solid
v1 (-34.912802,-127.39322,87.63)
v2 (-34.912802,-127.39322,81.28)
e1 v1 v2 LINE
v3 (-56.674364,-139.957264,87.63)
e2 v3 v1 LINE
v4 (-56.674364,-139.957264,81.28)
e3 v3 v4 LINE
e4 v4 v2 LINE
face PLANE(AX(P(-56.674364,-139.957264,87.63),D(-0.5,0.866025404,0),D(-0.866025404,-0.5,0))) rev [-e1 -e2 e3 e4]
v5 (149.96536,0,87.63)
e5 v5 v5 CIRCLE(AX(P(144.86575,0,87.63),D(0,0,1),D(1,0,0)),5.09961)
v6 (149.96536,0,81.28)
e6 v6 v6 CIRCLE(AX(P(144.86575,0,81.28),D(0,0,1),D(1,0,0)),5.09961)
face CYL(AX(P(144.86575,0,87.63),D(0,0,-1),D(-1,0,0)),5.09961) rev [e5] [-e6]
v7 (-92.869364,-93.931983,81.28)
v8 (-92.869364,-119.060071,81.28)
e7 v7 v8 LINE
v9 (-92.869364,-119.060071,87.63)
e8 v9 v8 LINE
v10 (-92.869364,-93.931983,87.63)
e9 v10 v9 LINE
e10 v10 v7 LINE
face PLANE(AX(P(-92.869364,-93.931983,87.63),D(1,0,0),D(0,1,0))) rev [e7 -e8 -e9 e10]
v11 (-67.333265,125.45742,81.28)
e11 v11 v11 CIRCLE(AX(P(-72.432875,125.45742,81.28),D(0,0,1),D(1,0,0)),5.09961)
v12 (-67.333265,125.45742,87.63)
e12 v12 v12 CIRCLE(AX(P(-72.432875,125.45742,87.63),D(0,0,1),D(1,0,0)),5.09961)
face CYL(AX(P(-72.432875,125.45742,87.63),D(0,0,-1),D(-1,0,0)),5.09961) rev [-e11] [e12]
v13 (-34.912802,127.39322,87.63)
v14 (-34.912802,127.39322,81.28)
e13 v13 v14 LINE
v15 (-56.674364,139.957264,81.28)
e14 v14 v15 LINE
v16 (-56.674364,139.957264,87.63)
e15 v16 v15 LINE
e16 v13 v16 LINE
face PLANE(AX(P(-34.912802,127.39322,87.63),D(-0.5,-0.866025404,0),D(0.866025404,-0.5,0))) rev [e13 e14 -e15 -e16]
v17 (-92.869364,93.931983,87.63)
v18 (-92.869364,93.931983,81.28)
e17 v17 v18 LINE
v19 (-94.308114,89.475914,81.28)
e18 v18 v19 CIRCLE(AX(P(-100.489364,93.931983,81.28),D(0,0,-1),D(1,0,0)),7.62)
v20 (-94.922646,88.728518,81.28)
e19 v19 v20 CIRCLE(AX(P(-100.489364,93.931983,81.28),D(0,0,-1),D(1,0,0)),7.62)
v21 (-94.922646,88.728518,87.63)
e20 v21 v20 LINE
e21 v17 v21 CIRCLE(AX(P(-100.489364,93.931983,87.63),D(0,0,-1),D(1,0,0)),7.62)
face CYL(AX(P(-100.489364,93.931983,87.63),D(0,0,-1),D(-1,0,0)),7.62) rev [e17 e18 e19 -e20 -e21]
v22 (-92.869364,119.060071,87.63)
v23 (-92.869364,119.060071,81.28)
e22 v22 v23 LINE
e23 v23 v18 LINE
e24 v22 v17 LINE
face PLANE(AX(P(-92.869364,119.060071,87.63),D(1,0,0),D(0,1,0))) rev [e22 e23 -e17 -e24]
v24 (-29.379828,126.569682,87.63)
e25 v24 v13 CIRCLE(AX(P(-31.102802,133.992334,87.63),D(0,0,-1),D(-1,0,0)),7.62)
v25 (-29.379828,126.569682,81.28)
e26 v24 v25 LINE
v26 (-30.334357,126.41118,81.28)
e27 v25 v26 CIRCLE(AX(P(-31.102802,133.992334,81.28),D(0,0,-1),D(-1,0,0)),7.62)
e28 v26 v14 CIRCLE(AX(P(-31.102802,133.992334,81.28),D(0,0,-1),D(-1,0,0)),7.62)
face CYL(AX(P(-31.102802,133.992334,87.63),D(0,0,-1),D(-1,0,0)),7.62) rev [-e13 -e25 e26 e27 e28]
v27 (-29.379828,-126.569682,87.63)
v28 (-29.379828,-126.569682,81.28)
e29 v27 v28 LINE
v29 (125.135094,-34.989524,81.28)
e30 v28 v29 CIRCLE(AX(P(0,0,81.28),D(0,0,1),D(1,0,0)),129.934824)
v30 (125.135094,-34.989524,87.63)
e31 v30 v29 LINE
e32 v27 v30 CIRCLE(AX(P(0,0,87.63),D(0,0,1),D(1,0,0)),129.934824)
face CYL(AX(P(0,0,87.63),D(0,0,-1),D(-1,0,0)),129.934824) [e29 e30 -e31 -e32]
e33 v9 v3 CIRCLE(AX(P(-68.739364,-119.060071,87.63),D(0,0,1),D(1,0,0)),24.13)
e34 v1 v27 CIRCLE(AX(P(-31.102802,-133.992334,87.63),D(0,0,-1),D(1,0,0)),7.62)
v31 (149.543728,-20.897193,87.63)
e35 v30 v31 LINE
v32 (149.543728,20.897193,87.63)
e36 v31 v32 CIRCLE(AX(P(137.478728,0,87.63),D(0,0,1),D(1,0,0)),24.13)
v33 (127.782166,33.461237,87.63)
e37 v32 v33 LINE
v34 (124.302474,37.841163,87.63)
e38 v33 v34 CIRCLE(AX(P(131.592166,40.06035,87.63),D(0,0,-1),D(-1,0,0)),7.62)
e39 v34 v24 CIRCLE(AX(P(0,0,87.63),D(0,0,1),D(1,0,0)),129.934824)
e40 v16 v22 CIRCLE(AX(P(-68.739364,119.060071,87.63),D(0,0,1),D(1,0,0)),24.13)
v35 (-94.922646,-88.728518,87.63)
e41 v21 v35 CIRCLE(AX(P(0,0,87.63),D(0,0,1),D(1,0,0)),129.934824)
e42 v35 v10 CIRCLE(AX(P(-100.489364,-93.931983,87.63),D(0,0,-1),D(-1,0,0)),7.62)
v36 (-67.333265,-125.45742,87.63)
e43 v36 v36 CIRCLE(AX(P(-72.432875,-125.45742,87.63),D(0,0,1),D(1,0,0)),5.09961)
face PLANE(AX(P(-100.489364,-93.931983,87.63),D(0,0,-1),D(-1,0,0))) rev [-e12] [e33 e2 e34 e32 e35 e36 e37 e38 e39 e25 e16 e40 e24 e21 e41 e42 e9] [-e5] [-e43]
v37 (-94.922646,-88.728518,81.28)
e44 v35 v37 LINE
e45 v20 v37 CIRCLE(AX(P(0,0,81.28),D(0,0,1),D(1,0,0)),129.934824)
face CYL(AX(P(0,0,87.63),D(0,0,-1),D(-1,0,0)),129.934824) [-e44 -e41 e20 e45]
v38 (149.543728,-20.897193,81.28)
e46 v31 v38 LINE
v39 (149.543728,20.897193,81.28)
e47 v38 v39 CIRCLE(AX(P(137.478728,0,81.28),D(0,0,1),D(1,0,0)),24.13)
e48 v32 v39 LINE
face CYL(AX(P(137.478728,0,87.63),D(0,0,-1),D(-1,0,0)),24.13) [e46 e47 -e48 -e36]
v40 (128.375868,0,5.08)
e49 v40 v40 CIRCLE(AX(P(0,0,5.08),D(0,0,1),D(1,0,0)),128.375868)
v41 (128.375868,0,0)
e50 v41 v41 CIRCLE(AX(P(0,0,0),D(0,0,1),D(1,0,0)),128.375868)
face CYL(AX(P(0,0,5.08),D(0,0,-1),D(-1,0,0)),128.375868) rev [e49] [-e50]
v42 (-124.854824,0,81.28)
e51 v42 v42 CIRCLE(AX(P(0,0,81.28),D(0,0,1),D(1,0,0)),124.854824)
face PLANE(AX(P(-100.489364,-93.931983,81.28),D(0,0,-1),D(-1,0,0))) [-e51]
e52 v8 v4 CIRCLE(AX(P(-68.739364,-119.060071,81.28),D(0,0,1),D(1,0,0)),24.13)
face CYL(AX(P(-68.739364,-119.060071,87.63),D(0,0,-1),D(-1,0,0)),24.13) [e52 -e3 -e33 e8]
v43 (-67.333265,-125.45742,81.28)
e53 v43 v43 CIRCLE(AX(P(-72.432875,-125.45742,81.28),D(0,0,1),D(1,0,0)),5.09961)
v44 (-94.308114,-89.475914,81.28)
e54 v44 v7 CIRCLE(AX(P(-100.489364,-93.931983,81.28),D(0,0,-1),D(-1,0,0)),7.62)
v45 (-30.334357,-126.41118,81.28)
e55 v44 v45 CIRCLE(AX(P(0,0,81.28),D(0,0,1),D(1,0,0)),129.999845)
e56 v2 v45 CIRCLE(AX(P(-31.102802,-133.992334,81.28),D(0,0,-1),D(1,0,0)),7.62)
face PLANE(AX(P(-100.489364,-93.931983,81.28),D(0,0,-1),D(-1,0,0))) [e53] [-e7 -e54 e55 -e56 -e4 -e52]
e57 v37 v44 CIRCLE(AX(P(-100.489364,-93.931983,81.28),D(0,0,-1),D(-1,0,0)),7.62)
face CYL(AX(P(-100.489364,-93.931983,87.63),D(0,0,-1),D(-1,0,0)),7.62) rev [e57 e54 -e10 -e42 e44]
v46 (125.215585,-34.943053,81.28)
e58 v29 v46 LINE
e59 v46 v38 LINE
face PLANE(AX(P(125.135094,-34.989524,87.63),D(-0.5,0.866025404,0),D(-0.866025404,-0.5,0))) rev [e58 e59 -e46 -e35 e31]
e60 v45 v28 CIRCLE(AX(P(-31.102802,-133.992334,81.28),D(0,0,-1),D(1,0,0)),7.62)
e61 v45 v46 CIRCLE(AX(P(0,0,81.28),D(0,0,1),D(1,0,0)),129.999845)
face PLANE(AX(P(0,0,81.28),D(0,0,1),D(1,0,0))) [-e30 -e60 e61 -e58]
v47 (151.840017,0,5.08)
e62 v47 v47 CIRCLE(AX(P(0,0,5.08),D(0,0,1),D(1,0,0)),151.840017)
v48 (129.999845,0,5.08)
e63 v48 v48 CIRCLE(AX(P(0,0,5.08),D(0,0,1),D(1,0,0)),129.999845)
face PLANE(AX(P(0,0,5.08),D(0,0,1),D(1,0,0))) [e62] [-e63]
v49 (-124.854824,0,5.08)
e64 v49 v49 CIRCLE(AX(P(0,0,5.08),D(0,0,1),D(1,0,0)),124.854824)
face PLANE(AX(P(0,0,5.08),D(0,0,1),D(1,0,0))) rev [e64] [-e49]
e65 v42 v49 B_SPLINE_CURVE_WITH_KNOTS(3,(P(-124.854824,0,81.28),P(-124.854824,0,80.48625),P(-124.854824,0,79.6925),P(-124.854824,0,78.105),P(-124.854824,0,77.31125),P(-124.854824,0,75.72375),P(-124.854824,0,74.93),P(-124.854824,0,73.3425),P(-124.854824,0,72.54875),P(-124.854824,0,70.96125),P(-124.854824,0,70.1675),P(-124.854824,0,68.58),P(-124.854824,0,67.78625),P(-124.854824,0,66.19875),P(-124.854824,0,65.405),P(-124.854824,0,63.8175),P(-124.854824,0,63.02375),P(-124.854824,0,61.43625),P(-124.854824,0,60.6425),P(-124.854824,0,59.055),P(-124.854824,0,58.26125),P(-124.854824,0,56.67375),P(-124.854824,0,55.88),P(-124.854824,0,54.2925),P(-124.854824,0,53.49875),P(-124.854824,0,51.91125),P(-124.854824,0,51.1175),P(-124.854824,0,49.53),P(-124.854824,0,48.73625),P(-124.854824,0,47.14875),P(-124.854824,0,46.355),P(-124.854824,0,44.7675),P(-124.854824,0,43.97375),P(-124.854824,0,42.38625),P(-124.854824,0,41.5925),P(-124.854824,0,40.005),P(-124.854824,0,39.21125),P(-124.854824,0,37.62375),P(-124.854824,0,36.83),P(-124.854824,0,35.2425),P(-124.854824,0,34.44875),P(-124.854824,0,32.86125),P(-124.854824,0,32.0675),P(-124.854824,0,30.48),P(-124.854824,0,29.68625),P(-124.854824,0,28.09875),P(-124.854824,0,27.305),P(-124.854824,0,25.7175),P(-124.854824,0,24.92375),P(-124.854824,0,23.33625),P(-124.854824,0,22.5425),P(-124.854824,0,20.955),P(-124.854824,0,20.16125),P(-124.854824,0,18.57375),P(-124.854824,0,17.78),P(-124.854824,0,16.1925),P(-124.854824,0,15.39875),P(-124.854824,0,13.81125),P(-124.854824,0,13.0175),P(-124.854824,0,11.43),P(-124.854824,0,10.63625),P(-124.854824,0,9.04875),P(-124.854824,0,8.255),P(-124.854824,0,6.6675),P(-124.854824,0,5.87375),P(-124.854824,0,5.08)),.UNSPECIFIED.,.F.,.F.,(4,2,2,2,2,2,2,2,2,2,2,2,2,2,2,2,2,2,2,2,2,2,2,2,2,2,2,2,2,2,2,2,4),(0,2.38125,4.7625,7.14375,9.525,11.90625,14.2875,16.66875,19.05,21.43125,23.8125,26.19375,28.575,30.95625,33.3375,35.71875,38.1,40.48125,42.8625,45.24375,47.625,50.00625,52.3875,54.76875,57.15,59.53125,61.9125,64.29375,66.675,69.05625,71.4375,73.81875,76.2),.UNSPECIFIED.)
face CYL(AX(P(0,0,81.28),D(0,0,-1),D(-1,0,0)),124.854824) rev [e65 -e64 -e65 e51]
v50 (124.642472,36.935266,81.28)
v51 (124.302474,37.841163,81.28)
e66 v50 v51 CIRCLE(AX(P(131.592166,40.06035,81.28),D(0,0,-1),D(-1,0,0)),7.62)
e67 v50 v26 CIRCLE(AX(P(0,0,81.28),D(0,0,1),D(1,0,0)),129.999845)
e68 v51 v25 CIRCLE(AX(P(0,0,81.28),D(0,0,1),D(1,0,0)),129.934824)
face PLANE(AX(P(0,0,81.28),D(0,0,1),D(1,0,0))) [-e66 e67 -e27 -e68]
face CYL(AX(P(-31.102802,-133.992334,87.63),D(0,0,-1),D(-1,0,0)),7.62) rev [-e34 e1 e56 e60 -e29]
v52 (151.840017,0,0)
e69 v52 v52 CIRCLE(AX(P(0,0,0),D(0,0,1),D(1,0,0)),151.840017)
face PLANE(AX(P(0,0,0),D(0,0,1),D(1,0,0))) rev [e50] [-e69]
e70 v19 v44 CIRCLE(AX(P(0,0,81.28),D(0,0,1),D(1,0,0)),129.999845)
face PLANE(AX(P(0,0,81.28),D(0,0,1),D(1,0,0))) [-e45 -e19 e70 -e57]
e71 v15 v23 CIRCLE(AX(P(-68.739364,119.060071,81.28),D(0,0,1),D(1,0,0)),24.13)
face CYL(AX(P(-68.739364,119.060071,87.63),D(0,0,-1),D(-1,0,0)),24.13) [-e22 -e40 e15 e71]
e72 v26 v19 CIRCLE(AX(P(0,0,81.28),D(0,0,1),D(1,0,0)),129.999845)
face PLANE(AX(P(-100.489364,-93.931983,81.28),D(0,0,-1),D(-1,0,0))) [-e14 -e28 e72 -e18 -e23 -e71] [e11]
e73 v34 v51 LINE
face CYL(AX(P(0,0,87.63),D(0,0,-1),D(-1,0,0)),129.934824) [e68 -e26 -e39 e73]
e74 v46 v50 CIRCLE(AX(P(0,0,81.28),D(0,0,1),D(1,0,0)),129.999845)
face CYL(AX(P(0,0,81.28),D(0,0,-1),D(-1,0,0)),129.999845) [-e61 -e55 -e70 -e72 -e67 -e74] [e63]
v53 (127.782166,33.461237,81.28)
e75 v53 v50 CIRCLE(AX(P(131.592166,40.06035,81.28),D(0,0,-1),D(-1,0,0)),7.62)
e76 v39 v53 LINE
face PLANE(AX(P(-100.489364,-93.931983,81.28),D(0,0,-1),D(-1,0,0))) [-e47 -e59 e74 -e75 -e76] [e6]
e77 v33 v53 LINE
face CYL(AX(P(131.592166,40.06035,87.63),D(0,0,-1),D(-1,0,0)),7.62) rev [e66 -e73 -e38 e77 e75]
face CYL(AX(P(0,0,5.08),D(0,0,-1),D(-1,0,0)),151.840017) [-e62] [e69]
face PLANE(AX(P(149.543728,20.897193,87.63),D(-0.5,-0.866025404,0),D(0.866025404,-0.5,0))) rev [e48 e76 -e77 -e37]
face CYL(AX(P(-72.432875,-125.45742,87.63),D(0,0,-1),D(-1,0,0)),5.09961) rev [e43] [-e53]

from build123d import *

# Parameters (mm, degrees)
SKETCH4_R      = 151.840016695
SKETCH4_R_2    = 128.375867971
EXTRUDE1_DEPTH = 5.08
SKETCH6_R      = 129.999844579
SKETCH6_R_2    = 124.85482448
EXTRUDE2_DEPTH = 76.2
SKETCH8_R      = 5.099609744
EXTRUDE3_DEPTH = 6.35


with BuildPart() as part:
    # Sketch4 → Extrude1 (new body)
    with BuildSketch(Plane.XY):
        Circle(SKETCH4_R)
        Circle(SKETCH4_R_2, mode=Mode.SUBTRACT)
    extrude(amount=EXTRUDE1_DEPTH)

    # Sketch6 → Extrude2 (add)
    with BuildSketch(Plane.XY.offset(5.08)):
        with Locations(Location((0, 0, 0), (0, 0, 180))):
            Circle(SKETCH6_R)
        with Locations(Location((0, 0, 0), (0, 0, 180))):
            Circle(SKETCH6_R_2, mode=Mode.SUBTRACT)
    extrude(amount=EXTRUDE2_DEPTH)

    # Sketch8 → Extrude3 (add)
    with BuildSketch(Plane.XY.offset(81.28)):
        with BuildLine():
            Line((-92.869363805, -93.93198337), (-92.869363805, -119.06007059))
            ThreePointArc((-92.869363805, -119.06007059), (-80.804363805, -139.957263584), (-56.674363805, -139.957263584))
            Line((-56.674363805, -139.957263584), (-34.912801923, -127.393219973))
            ThreePointArc((-34.912801923, -127.393219973), (-32.224618976, -126.455362905), (-29.379828181, -126.569681633))
            ThreePointArc((-29.379828181, -126.569681633), (66.249521237, -111.776829211), (125.135094286, -34.989524014))
            Line((125.135094286, -34.989524014), (149.54372761, -20.897192993))
            ThreePointArc((149.54372761, -20.897192993), (161.60872761, 0), (149.54372761, 20.897192993))
            Line((149.54372761, 20.897192993), (127.782165728, 33.461236604))
            ThreePointArc((127.782165728, 33.461236604), (125.625866209, 35.320342792), (124.302473734, 37.841163253))
            ThreePointArc((124.302473734, 37.841163253), (64.96741224, 112.526858836), (-29.379828181, 126.569681633))
            ThreePointArc((-29.379828181, 126.569681633), (-32.224618976, 126.455362905), (-34.912801923, 127.393219973))
            Line((-34.912801923, 127.393219973), (-56.674363805, 139.957263584))
            ThreePointArc((-56.674363805, 139.957263584), (-80.804363805, 139.957263584), (-92.869363805, 119.06007059))
            Line((-92.869363805, 119.06007059), (-92.869363805, 93.93198337))
            ThreePointArc((-92.869363805, 93.93198337), (-93.401247233, 91.135020113), (-94.922645552, 88.72851838))
            ThreePointArc((-94.922645552, 88.72851838), (-129.93482448, 0), (-94.922645552, -88.72851838))
            ThreePointArc((-94.922645552, -88.72851838), (-93.401247233, -91.135020113), (-92.869363805, -93.93198337))
        make_face()
        with Locations((-72.432875103, 125.457419816)):
            Circle(SKETCH8_R, mode=Mode.SUBTRACT)
        with Locations((144.865750205, 0)):
            Circle(SKETCH8_R, mode=Mode.SUBTRACT)
        with Locations((-72.432875103, -125.457419816)):
            Circle(SKETCH8_R, mode=Mode.SUBTRACT)
    extrude(amount=EXTRUDE3_DEPTH)


solid = part.part
